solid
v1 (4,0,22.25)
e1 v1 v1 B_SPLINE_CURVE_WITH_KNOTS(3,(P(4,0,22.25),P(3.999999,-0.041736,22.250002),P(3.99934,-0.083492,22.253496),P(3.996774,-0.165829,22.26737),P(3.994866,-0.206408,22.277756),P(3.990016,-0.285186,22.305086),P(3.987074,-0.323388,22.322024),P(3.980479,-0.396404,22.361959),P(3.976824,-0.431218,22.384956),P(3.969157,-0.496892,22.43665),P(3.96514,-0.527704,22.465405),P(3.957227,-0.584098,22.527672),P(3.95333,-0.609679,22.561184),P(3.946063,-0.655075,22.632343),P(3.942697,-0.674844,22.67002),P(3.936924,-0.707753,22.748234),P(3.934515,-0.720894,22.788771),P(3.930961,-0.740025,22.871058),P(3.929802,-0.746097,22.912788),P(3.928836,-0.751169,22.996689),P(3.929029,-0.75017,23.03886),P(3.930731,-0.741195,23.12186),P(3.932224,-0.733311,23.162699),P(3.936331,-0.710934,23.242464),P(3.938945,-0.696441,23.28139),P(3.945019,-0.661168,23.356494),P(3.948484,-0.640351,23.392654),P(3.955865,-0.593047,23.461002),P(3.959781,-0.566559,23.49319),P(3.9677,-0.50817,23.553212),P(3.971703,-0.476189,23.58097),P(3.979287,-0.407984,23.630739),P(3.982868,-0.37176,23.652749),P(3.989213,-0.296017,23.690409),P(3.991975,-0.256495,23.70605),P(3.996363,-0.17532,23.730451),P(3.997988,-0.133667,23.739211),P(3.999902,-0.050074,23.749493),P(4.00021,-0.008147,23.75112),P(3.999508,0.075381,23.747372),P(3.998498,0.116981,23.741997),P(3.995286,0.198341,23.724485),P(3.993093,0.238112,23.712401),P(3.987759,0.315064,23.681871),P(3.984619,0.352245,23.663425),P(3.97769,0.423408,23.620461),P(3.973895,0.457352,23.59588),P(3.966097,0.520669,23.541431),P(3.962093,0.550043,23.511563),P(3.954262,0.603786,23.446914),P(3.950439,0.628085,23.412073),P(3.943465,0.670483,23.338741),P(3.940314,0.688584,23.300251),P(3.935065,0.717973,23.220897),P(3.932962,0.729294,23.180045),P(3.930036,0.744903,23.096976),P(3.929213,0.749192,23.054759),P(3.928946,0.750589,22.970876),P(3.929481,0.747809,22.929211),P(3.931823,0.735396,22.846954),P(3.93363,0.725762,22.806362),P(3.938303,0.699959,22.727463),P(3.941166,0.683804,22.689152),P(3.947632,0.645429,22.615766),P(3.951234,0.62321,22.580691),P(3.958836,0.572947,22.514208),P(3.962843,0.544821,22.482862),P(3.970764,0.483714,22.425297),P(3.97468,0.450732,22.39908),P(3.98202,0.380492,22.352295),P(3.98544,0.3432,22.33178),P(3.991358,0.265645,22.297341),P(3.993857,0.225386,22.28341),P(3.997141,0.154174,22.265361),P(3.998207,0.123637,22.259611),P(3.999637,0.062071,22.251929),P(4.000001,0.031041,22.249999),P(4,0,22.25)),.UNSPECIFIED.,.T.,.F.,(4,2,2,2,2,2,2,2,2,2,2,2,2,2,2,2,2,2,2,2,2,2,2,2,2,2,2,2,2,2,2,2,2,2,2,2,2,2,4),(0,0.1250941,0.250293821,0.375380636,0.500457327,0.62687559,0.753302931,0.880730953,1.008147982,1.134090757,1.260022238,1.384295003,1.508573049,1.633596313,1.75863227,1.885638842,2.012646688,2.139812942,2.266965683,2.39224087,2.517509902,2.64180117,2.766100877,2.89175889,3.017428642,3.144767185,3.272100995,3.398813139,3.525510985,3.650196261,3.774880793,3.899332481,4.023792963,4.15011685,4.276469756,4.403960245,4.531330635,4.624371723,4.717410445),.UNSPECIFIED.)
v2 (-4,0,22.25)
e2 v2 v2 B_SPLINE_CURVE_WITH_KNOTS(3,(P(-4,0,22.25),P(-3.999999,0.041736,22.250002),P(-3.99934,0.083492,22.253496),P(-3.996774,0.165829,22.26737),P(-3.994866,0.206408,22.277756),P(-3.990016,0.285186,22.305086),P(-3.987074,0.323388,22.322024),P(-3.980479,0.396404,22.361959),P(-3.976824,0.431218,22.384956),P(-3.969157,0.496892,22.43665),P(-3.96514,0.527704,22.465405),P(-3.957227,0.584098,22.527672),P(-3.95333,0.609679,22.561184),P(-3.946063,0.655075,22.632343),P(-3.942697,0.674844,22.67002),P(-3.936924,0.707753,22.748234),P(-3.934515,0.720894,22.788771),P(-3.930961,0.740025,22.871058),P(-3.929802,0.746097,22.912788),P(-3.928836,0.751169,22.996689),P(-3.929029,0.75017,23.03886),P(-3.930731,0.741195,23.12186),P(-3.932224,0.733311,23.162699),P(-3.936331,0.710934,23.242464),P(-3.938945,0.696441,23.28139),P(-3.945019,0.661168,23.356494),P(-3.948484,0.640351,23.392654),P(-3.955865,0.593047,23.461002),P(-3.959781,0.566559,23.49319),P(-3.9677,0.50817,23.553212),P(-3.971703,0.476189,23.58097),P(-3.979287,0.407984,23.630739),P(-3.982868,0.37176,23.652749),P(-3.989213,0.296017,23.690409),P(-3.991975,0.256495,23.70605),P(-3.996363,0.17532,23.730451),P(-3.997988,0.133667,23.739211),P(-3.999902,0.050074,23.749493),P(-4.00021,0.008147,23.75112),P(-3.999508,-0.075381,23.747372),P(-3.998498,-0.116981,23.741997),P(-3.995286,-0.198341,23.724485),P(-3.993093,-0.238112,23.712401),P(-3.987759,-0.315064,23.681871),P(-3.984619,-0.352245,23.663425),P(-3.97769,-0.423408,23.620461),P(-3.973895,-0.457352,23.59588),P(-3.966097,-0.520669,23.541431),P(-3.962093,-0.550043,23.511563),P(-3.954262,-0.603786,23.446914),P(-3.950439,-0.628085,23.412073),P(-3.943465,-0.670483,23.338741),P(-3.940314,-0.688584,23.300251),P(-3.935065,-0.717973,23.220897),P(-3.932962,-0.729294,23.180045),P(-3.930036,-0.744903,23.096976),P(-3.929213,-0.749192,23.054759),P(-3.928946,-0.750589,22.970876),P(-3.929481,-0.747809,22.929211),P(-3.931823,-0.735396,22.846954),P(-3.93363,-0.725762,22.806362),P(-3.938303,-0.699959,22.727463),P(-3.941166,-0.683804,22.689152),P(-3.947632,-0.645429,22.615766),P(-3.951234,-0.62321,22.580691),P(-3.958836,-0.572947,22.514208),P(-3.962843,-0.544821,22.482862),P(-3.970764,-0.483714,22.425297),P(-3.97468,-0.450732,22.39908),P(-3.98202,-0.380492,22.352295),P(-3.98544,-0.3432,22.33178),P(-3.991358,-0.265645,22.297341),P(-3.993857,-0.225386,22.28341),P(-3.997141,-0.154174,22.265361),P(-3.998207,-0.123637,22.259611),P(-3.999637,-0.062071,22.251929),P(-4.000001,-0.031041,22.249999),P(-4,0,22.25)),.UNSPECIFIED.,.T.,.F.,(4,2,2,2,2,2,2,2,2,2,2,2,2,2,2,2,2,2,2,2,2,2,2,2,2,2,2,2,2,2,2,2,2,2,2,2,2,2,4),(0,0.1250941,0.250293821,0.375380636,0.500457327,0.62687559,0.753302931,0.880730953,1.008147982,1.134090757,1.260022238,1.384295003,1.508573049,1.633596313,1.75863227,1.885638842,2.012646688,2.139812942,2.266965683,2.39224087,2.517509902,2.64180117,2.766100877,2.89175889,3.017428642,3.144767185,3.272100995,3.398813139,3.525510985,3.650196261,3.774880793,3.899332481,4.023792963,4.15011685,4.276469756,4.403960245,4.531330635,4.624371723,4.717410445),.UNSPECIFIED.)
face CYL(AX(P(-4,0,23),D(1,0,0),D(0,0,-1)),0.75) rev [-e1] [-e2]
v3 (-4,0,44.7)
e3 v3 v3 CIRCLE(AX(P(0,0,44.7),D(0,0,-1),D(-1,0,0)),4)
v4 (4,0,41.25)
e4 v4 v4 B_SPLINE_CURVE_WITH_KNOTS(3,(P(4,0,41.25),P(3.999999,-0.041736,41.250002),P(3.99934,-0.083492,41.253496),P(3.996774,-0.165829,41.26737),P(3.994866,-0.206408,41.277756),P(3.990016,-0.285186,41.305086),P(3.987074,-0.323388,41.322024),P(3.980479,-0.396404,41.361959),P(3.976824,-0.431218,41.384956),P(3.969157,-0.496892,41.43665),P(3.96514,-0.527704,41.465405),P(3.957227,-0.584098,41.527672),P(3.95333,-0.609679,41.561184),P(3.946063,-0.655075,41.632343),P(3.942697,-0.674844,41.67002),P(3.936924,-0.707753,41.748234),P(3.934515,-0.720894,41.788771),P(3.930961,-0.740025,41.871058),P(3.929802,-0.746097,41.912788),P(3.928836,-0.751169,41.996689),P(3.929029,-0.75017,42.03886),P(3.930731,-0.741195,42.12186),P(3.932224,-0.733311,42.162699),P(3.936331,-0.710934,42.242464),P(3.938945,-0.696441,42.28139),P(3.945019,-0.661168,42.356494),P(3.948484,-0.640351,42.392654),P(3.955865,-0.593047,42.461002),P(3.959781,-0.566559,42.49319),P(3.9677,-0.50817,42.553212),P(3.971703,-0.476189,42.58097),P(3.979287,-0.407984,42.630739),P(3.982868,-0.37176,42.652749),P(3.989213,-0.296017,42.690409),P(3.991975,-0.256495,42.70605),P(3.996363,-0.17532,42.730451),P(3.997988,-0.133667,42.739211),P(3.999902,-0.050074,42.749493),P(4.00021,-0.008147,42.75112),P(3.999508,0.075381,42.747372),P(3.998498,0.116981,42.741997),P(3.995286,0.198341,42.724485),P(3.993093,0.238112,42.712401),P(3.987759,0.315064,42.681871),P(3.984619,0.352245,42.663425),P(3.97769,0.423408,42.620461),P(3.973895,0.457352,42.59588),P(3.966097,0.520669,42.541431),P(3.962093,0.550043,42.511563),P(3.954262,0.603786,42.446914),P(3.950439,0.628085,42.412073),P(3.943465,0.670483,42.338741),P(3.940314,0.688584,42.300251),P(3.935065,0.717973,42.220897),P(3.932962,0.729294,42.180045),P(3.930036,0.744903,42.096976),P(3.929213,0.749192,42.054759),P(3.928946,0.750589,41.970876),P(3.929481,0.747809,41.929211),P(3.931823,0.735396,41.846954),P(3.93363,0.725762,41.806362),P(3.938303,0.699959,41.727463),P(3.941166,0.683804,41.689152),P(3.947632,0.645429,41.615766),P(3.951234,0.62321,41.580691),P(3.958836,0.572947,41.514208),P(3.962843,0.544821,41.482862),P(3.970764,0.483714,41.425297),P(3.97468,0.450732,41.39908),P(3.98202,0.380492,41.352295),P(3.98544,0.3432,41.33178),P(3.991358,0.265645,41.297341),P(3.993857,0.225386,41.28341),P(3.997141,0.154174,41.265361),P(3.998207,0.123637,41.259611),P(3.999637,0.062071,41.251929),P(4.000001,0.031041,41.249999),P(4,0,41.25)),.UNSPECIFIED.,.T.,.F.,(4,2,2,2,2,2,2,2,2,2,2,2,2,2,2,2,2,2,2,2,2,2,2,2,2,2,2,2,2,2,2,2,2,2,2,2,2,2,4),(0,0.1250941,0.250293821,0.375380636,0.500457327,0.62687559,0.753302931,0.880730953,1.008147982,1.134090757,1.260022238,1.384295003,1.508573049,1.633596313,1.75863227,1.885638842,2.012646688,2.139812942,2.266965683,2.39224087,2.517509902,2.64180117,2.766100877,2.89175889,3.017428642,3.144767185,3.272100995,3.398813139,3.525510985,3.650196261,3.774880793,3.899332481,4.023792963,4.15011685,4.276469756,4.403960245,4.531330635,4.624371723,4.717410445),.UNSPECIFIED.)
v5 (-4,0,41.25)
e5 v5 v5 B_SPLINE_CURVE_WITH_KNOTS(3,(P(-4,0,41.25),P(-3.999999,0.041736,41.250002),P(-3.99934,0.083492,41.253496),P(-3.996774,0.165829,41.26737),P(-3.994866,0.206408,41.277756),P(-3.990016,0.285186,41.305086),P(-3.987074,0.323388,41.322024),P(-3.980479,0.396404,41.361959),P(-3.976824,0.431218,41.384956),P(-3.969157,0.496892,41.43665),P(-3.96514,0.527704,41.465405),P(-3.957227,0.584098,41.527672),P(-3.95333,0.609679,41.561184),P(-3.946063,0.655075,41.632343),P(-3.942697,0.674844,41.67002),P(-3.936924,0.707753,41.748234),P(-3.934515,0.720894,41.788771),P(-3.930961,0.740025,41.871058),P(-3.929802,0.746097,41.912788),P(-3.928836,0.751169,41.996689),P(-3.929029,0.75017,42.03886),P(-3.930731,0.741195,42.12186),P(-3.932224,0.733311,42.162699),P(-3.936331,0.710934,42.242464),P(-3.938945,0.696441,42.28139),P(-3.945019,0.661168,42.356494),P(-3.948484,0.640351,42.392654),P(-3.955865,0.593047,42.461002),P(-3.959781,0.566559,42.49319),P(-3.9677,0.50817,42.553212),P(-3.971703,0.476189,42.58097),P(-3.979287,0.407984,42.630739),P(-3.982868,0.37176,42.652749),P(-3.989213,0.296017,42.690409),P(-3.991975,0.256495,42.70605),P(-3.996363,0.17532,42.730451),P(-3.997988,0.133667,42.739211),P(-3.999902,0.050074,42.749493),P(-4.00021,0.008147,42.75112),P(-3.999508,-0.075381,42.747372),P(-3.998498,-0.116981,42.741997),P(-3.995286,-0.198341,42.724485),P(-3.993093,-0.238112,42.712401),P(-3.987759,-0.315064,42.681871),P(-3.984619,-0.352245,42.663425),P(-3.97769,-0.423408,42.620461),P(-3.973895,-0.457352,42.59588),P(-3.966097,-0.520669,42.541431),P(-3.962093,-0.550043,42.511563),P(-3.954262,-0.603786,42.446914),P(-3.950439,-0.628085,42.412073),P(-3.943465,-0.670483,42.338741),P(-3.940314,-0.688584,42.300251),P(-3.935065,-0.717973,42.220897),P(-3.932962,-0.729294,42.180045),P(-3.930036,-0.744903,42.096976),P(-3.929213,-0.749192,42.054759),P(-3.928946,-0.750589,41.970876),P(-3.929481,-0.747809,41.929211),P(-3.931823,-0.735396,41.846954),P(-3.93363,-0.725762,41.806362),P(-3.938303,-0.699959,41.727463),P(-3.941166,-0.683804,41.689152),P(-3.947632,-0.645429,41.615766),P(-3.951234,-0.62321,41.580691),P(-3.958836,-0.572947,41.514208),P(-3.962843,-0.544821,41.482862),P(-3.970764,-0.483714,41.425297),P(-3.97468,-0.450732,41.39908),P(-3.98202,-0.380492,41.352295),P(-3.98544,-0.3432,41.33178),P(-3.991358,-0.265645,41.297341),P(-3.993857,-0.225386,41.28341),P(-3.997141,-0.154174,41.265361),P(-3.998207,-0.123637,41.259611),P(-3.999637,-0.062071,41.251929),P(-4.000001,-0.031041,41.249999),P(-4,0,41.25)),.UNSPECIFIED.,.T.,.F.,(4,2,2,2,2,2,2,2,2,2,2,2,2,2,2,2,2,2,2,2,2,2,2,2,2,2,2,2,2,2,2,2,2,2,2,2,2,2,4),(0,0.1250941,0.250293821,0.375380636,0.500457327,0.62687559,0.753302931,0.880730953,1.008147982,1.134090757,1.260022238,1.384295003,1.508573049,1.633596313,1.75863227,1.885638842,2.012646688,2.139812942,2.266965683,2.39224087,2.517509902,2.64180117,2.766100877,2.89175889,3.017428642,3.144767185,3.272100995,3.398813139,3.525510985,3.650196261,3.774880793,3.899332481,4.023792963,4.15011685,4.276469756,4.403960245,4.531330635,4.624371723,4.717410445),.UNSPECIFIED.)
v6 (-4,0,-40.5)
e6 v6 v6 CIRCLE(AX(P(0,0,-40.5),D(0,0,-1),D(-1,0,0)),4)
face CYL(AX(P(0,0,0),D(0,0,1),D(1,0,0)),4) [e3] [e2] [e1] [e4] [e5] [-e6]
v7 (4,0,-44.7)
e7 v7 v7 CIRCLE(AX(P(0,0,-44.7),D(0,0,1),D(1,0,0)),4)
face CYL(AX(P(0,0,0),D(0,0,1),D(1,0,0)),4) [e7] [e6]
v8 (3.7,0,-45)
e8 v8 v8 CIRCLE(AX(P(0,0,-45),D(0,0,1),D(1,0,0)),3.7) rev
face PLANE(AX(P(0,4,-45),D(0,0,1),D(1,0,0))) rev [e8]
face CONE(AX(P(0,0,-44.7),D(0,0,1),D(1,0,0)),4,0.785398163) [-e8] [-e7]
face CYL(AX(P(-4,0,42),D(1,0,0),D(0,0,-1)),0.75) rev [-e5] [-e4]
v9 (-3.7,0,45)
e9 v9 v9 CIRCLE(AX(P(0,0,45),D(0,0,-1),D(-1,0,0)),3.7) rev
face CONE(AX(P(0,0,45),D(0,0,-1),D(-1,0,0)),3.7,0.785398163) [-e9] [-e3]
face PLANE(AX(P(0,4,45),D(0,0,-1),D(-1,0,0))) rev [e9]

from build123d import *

# Parameters (mm, degrees)
SKETCH1_W               = 90
SKETCH1_H               = 4
CHAMFER1_SIZE           = 0.3
CUT_EXTRUDE1_DEPTH      = 46.354161882
CUT_EXTRUDE1_DEPTH_BACK = 46.354161882
SKETCH6_R               = 0.75


with BuildPart() as part:
    # Sketch1 → Revolve1 (revolve)
    with BuildSketch(Plane(origin=(0, 0, 0), x_dir=(0, 0, -1), z_dir=(1, 0, 0)), mode=Mode.PRIVATE) as revolve1_sk:
        with Locations((0, 2)):
            Rectangle(SKETCH1_W, SKETCH1_H)
    revolve(revolve1_sk.sketch.rotate(Axis((0, 0, 0), (0, 0, -1)), 90), axis=Axis((0, 0, 0), (0, 0, -1)))

    # Chamfer1
    chamfer1_edges = [part.edges().sort_by_distance(p)[0] for p in [
        (-4, 0, 45),
        (-4, 0, -45),
    ]]
    chamfer(chamfer1_edges, length=CHAMFER1_SIZE)

    # Sketch6 → Cut-Extrude1 (cut, two sides: drawn at the far end of the back side and taken through both)
    with BuildSketch(Plane(origin=(0, 0, 0), x_dir=(0, 0, -1), z_dir=(1, 0, 0)).offset(-CUT_EXTRUDE1_DEPTH_BACK)):
        with Locations((-23, 0)):
            Circle(SKETCH6_R)
        with Locations((-42, 0)):
            Circle(SKETCH6_R)
    extrude(amount=CUT_EXTRUDE1_DEPTH + CUT_EXTRUDE1_DEPTH_BACK, mode=Mode.SUBTRACT)


solid = part.part
